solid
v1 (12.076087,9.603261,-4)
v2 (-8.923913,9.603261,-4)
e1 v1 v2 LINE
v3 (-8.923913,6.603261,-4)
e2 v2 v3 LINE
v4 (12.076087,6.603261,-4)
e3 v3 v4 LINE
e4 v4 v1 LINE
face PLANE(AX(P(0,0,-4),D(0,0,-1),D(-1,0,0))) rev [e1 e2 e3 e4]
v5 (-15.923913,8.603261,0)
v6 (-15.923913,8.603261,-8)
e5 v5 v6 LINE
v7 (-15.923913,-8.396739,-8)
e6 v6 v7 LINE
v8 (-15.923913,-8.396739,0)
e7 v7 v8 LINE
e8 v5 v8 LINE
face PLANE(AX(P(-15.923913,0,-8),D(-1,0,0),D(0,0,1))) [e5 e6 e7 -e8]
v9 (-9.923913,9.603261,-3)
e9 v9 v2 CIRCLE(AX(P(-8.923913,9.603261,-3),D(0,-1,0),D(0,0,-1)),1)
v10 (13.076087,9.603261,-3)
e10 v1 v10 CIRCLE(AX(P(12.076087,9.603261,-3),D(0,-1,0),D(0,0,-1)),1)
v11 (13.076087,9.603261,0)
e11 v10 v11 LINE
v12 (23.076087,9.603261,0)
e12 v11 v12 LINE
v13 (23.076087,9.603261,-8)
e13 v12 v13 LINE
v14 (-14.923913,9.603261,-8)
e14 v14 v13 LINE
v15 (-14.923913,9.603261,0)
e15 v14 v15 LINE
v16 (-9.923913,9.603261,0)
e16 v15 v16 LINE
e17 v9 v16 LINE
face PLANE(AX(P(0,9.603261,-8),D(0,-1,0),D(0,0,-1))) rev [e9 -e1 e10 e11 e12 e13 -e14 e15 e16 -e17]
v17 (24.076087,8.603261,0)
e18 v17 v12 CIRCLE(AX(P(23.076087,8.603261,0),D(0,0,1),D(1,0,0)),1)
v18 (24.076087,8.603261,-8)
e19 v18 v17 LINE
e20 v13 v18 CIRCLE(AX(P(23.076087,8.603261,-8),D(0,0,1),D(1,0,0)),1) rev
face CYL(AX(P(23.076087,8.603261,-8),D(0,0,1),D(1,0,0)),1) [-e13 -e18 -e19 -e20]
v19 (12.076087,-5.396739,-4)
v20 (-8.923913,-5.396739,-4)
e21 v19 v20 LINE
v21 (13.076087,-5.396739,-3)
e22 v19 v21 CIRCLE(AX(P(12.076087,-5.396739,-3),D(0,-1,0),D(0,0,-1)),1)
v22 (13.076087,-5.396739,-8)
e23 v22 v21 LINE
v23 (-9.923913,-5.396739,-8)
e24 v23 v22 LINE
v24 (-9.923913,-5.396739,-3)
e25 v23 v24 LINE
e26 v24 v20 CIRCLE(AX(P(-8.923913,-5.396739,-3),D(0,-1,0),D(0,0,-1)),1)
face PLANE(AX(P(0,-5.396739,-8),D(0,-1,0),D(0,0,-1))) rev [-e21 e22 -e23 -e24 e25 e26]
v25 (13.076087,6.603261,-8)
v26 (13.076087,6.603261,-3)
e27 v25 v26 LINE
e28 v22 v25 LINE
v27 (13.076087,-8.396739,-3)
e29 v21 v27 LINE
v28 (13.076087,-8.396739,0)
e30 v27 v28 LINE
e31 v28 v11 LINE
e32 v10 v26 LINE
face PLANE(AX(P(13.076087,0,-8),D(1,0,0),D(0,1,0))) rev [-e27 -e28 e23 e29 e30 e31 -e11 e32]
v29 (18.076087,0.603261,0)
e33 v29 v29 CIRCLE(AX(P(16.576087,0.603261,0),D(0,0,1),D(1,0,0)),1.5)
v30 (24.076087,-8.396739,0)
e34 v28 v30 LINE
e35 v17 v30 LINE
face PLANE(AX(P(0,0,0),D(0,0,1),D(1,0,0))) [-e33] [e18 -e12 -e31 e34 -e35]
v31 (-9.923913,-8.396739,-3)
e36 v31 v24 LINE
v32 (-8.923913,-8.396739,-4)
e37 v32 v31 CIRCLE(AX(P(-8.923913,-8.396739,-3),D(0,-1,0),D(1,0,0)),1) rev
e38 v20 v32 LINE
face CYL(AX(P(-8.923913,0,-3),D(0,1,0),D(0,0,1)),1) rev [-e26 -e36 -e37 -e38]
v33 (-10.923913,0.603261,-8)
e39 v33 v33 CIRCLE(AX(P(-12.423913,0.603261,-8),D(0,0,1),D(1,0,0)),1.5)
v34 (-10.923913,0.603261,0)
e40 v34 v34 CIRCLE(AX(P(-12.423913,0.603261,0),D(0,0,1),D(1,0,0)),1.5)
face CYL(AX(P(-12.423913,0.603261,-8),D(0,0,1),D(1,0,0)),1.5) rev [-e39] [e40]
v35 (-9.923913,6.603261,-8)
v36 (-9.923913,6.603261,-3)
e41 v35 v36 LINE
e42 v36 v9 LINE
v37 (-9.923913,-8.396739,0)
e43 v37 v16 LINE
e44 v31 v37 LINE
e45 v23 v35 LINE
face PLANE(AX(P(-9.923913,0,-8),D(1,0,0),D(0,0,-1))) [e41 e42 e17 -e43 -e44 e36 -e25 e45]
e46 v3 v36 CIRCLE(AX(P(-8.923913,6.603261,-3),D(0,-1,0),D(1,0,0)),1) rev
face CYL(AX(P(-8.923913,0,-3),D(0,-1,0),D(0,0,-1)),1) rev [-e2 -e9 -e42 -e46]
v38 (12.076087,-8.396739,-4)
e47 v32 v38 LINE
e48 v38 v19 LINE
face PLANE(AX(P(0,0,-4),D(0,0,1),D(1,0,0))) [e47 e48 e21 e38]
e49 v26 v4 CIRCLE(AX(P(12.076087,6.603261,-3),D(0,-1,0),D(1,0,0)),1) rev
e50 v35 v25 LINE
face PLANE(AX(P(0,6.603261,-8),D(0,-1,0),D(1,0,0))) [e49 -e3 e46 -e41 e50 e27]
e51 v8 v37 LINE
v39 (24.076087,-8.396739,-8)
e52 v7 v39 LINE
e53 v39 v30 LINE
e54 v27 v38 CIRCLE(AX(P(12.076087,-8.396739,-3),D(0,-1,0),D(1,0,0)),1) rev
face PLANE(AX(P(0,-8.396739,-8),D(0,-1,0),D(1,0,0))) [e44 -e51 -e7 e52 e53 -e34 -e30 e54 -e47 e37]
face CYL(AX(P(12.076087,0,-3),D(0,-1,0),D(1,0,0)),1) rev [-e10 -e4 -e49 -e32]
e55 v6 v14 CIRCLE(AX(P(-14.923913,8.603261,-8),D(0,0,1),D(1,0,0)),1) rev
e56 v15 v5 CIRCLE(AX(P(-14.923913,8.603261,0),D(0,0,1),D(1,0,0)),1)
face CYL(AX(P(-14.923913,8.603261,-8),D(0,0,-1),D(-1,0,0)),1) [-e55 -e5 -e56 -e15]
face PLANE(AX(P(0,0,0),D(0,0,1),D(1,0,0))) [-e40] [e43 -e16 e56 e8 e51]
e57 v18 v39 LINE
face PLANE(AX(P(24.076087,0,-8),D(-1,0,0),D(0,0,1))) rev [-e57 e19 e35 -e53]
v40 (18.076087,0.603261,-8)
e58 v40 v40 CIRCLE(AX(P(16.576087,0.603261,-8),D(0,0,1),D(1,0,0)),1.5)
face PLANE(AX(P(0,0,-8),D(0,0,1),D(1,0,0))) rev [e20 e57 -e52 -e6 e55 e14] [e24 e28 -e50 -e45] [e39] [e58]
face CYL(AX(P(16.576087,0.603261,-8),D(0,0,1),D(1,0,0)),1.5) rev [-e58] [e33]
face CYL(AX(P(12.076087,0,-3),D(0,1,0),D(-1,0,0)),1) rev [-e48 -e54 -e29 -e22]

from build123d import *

# Parameters (mm, degrees)
BOSS_EXTRUDE1_DEPTH = 8
SKETCH2_W           = 23
SKETCH2_H           = 3
CUT_EXTRUDE1_DEPTH  = 4
FILLET1_R           = 1
FILLET2_R           = 1


with BuildPart() as part:
    # Sketch1 → Boss-Extrude1 (new body)
    with BuildSketch(Plane.XY):
        with BuildLine():
            ThreePointArc((15.076086957, 0.60326087), (16.576086957, 2.10326087), (18.076086957, 0.60326087))
            Line((18.076086957, 0.60326087), (24.076086957, 0.60326087))
            Line((24.076086957, 0.60326087), (24.076086957, 6.60326087))
            Line((24.076086957, 6.60326087), (24.076086957, 9.60326087))
            Line((24.076086957, 9.60326087), (13.076086957, 9.60326087))
            Line((13.076086957, 9.60326087), (-9.923913043, 9.60326087))
            Line((-9.923913043, 9.60326087), (-15.923913043, 9.60326087))
            Line((-15.923913043, 9.60326087), (-15.923913043, 6.60326087))
            Line((-15.923913043, 6.60326087), (-15.923913043, 0.60326087))
            Line((-15.923913043, 0.60326087), (-13.923913043, 0.60326087))
            ThreePointArc((-13.923913043, 0.60326087), (-12.423913043, 2.10326087), (-10.923913043, 0.60326087))
            Line((-10.923913043, 0.60326087), (-9.923913043, 0.60326087))
            Line((-9.923913043, 0.60326087), (-9.923913043, 6.60326087))
            Line((-9.923913043, 6.60326087), (13.076086957, 6.60326087))
            Line((13.076086957, 6.60326087), (13.076086957, 0.60326087))
            Line((13.076086957, 0.60326087), (15.076086957, 0.60326087))
        make_face()
        with BuildLine():
            Line((24.076086957, 0.60326087), (18.076086957, 0.60326087))
            ThreePointArc((18.076086957, 0.60326087), (16.576086957, -0.89673913), (15.076086957, 0.60326087))
            Line((15.076086957, 0.60326087), (13.076086957, 0.60326087))
            Line((13.076086957, 0.60326087), (13.076086957, -5.39673913))
            Line((13.076086957, -5.39673913), (-9.923913043, -5.39673913))
            Line((-9.923913043, -5.39673913), (-9.923913043, 0.60326087))
            Line((-9.923913043, 0.60326087), (-10.923913043, 0.60326087))
            ThreePointArc((-10.923913043, 0.60326087), (-12.423913043, -0.89673913), (-13.923913043, 0.60326087))
            Line((-13.923913043, 0.60326087), (-15.923913043, 0.60326087))
            Line((-15.923913043, 0.60326087), (-15.923913043, -5.39673913))
            Line((-15.923913043, -5.39673913), (-15.923913043, -8.39673913))
            Line((-15.923913043, -8.39673913), (-9.923913043, -8.39673913))
            Line((-9.923913043, -8.39673913), (13.076086957, -8.39673913))
            Line((13.076086957, -8.39673913), (24.076086957, -8.39673913))
            Line((24.076086957, -8.39673913), (24.076086957, -5.39673913))
            Line((24.076086957, -5.39673913), (24.076086957, 0.60326087))
        make_face()
    extrude(amount=-BOSS_EXTRUDE1_DEPTH)

    # Sketch2 → Cut-Extrude1 (cut)
    with BuildSketch(Plane.XY):
        with Locations((1.576086957, 8.10326087)):
            Rectangle(SKETCH2_W, SKETCH2_H)
        with Locations((1.576086957, -6.89673913)):
            Rectangle(SKETCH2_W, SKETCH2_H)
    extrude(amount=-CUT_EXTRUDE1_DEPTH, mode=Mode.SUBTRACT)

    # Fillet1
    fillet1_edges = [part.edges().sort_by_distance(p)[0] for p in [
        (-9.923913043, 8.10326087, -4),
        (13.076086957, 8.10326087, -4),
        (-9.923913043, -6.89673913, -4),
        (13.076086957, -6.89673913, -4),
    ]]
    fillet(fillet1_edges, radius=FILLET1_R)

    # Fillet2
    fillet2_edges = [part.edges().sort_by_distance(p)[0] for p in [
        (-15.923913043, 9.60326087, -4),
        (24.076086957, 9.60326087, -4),
    ]]
    fillet(fillet2_edges, radius=FILLET2_R)


solid = part.part
